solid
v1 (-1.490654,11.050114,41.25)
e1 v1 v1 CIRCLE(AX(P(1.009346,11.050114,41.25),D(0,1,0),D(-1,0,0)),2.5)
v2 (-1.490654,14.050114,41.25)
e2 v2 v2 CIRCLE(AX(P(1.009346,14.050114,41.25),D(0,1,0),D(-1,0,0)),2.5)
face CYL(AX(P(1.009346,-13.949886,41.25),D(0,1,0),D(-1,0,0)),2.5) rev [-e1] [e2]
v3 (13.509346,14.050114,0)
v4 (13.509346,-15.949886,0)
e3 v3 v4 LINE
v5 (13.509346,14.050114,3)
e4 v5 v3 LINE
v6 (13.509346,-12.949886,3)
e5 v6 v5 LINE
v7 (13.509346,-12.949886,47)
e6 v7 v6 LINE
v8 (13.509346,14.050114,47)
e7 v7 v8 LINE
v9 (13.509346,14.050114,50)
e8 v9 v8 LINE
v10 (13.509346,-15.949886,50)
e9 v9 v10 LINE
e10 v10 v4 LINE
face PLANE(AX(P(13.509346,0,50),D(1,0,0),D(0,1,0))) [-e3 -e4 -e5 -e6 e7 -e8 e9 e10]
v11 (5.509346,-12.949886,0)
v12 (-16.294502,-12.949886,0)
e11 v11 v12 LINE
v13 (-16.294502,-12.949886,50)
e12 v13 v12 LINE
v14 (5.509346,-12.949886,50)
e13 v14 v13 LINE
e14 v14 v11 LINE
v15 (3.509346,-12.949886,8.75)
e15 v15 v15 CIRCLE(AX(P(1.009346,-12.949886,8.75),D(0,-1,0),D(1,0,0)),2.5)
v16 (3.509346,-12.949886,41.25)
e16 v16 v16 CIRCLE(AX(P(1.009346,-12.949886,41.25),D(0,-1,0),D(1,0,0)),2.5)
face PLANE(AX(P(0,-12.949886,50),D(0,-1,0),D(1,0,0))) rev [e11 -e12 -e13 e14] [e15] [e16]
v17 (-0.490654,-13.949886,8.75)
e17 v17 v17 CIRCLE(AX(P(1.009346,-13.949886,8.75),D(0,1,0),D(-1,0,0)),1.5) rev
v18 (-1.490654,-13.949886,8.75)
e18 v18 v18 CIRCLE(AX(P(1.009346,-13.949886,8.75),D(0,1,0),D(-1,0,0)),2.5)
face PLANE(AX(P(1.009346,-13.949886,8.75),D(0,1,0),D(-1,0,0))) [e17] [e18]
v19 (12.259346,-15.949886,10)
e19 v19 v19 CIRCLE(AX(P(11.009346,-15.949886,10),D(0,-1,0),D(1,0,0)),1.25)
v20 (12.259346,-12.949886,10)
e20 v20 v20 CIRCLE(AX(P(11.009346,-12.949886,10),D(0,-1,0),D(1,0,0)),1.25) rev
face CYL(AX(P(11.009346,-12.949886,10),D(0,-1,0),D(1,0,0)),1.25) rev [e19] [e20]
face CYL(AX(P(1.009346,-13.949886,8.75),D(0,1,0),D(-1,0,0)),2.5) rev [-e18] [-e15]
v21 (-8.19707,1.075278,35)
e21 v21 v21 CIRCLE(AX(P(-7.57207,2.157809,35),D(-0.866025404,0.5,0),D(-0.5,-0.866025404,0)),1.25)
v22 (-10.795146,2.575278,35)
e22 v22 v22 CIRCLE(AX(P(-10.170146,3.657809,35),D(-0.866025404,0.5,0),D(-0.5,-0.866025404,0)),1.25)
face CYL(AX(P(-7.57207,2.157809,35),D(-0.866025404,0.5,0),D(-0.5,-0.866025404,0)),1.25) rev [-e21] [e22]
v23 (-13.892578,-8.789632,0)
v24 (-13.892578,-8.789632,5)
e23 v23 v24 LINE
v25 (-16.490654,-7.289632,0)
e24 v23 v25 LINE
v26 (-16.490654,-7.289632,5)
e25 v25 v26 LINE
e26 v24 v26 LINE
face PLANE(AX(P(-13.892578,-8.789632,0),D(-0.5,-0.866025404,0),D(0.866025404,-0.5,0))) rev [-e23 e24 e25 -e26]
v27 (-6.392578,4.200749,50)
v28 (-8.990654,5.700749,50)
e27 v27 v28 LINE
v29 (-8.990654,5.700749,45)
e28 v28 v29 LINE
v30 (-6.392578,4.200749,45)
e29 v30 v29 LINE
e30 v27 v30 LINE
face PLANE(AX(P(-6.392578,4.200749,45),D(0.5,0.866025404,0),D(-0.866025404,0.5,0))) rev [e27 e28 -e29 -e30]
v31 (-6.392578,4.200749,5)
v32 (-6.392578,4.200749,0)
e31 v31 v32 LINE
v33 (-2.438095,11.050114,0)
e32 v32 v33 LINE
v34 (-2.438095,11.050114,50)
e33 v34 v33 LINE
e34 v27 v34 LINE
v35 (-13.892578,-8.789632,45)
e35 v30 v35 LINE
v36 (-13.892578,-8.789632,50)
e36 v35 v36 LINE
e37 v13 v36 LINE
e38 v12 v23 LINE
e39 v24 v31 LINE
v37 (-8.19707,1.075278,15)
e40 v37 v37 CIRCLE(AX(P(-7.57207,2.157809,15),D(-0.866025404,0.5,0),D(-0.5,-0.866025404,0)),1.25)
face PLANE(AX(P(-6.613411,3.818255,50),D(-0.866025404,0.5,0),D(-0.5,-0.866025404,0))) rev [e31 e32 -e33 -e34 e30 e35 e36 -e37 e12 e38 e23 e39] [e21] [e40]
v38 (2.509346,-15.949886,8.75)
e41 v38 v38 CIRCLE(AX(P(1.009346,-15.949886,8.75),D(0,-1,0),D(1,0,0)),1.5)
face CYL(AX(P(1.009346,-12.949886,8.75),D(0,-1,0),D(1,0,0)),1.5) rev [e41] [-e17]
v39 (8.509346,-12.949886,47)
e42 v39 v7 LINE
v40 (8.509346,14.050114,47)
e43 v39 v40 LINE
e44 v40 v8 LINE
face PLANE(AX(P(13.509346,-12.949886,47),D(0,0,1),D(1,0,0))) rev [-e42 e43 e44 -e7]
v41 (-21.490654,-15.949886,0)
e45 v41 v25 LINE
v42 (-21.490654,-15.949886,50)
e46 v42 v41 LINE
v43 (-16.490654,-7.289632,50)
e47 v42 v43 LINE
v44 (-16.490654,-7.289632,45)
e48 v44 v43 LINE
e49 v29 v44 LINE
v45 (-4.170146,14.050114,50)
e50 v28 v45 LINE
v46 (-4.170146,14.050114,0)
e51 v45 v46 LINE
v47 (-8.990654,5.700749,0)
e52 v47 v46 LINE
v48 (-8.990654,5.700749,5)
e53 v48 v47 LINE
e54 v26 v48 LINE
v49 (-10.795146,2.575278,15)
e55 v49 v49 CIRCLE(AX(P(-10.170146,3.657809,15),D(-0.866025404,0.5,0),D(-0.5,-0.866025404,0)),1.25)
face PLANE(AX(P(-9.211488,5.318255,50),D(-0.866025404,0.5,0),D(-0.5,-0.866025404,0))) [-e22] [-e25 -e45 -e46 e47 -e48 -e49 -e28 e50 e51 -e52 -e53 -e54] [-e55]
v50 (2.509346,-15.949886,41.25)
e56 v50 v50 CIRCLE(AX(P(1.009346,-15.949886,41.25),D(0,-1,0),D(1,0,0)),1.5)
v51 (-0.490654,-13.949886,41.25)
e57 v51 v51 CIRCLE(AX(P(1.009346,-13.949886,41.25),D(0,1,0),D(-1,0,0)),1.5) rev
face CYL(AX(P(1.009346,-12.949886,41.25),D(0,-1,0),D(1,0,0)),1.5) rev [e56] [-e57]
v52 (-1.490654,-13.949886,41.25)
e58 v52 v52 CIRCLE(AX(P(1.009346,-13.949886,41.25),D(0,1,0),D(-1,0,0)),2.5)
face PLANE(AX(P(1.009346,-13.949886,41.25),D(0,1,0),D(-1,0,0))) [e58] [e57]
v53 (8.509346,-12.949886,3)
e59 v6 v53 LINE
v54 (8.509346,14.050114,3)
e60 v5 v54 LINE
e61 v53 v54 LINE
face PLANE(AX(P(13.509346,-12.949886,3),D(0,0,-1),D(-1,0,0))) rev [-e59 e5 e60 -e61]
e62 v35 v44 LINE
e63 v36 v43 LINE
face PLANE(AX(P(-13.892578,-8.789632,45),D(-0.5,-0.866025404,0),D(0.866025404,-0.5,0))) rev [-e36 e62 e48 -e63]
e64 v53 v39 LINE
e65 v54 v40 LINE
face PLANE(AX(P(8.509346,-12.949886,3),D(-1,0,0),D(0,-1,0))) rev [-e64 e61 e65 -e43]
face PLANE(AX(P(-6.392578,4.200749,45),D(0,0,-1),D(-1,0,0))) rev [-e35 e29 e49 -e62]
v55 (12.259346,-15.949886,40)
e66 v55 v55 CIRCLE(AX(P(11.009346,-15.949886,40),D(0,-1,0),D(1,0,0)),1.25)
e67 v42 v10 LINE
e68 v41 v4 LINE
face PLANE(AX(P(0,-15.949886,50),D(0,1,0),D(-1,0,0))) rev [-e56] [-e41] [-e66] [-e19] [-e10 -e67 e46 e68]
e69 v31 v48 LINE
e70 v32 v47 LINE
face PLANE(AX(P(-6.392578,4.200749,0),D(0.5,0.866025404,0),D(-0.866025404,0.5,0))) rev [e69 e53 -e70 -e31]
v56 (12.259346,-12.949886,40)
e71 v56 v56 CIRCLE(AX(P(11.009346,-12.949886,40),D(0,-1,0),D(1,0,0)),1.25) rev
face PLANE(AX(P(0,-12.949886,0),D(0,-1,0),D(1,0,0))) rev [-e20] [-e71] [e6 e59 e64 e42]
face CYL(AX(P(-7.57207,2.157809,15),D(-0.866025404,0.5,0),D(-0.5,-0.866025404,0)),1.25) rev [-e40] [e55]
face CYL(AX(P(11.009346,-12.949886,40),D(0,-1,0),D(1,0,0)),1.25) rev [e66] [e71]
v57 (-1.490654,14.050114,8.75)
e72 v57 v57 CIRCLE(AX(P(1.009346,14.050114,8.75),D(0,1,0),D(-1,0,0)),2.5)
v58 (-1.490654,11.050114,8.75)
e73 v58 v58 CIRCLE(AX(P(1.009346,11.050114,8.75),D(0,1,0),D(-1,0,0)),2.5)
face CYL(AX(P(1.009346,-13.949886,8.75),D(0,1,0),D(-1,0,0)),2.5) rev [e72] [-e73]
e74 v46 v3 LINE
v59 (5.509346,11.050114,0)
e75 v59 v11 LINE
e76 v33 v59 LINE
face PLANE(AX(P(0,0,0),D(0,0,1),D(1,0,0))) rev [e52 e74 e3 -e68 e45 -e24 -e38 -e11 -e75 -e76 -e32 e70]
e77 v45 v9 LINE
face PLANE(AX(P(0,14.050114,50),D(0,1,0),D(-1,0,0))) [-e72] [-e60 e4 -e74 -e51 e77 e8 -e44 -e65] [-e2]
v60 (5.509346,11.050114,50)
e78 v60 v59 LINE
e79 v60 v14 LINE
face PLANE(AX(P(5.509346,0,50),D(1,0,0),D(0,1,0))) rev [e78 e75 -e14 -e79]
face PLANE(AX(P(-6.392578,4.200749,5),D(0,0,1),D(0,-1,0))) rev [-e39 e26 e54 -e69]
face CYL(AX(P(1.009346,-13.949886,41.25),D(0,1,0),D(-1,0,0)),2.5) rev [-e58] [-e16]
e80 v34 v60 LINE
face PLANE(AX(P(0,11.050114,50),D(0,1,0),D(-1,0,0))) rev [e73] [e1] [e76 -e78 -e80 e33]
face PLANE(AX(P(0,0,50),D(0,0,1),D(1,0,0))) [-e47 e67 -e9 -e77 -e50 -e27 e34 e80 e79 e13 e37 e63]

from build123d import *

# Parameters (mm, degrees)
AUFSATZ_LINEAR_AUSTRAGEN1_DEPTH = 50
SKIZZE3_R                       = 1.25
SKIZZE3_R_2                     = 1.5
SCHNITT_LINEAR_AUSTRAGEN1_DEPTH = 3
SKIZZE4_W                       = 5
SKIZZE4_H                       = 44
SCHNITT_LINEAR_AUSTRAGEN2_DEPTH = 27
SKIZZE5_R                       = 2.5
SCHNITT_LINEAR_AUSTRAGEN3_DEPTH = 28
SKIZZE6_R                       = 1.25
SCHNITT_LINEAR_AUSTRAGEN4_DEPTH = 3
SKIZZE7_W                       = 5
SKIZZE7_H                       = 15
SCHNITT_LINEAR_AUSTRAGEN5_DEPTH = 3


with BuildPart() as part:
    # Skizze2 → Aufsatz-Linear austragen1 (new body)
    with BuildSketch(Plane.XY):
        Polygon((-4.170146195, 14.050114253), (-21.49065427, -15.949885747), (13.50934573, -15.949885747), (13.50934573, 14.050114253), align=None)
        Polygon((5.50934573, -12.949885747), (-16.294501848, -12.949885747), (-2.438095387, 11.050114253), (5.50934573, 11.050114253), align=None, mode=Mode.SUBTRACT)
    extrude(amount=AUFSATZ_LINEAR_AUSTRAGEN1_DEPTH)

    # Skizze3 → Schnitt-Linear austragen1 (cut)
    with BuildSketch(Plane.XZ.offset(15.949885747)):
        with Locations((11.00934573, 40)):
            Circle(SKIZZE3_R)
        with Locations((11.00934573, 10)):
            Circle(SKIZZE3_R)
        with Locations((1.00934573, 41.25)):
            Circle(SKIZZE3_R_2)
        with Locations((1.00934573, 8.75)):
            Circle(SKIZZE3_R_2)
    extrude(amount=-SCHNITT_LINEAR_AUSTRAGEN1_DEPTH, mode=Mode.SUBTRACT)

    # Skizze4 → Schnitt-Linear austragen2 (cut)
    with BuildSketch(Plane(origin=(0, 14.050114253, 0), x_dir=(1, 0, 0), z_dir=(0, 1, 0))):
        with Locations((11.00934573, -25)):
            Rectangle(SKIZZE4_W, SKIZZE4_H)
    extrude(amount=-SCHNITT_LINEAR_AUSTRAGEN2_DEPTH, mode=Mode.SUBTRACT)

    # Skizze5 → Schnitt-Linear austragen3 (cut)
    with BuildSketch(Plane(origin=(0, 14.050114253, 0), x_dir=(1, 0, 0), z_dir=(0, 1, 0))):
        with Locations((1.00934573, -41.25)):
            Circle(SKIZZE5_R)
        with Locations((1.00934573, -8.75)):
            Circle(SKIZZE5_R)
    extrude(amount=-SCHNITT_LINEAR_AUSTRAGEN3_DEPTH, mode=Mode.SUBTRACT)

    # Skizze6 → Schnitt-Linear austragen4 (cut)
    with BuildSketch(Plane(origin=(-9.21148758, 5.318254834, 0), x_dir=(0, 0, 1), z_dir=(-0.866025404, 0.5, 0))):
        with Locations((35, -1.917317229)):
            Circle(SKIZZE6_R)
        with Locations((15, -1.917317229)):
            Circle(SKIZZE6_R)
    extrude(amount=-SCHNITT_LINEAR_AUSTRAGEN4_DEPTH, mode=Mode.SUBTRACT)

    # Skizze7 → Schnitt-Linear austragen5 (cut)
    with BuildSketch(Plane(origin=(-9.21148758, 5.318254834, 0), x_dir=(0, 0, 1), z_dir=(-0.866025404, 0.5, 0))):
        with Locations((47.5, -7.05833338)):
            Rectangle(SKIZZE7_W, SKIZZE7_H)
        with Locations((2.5, -7.05833338)):
            Rectangle(SKIZZE7_W, SKIZZE7_H)
    extrude(amount=-SCHNITT_LINEAR_AUSTRAGEN5_DEPTH, mode=Mode.SUBTRACT)


solid = part.part
